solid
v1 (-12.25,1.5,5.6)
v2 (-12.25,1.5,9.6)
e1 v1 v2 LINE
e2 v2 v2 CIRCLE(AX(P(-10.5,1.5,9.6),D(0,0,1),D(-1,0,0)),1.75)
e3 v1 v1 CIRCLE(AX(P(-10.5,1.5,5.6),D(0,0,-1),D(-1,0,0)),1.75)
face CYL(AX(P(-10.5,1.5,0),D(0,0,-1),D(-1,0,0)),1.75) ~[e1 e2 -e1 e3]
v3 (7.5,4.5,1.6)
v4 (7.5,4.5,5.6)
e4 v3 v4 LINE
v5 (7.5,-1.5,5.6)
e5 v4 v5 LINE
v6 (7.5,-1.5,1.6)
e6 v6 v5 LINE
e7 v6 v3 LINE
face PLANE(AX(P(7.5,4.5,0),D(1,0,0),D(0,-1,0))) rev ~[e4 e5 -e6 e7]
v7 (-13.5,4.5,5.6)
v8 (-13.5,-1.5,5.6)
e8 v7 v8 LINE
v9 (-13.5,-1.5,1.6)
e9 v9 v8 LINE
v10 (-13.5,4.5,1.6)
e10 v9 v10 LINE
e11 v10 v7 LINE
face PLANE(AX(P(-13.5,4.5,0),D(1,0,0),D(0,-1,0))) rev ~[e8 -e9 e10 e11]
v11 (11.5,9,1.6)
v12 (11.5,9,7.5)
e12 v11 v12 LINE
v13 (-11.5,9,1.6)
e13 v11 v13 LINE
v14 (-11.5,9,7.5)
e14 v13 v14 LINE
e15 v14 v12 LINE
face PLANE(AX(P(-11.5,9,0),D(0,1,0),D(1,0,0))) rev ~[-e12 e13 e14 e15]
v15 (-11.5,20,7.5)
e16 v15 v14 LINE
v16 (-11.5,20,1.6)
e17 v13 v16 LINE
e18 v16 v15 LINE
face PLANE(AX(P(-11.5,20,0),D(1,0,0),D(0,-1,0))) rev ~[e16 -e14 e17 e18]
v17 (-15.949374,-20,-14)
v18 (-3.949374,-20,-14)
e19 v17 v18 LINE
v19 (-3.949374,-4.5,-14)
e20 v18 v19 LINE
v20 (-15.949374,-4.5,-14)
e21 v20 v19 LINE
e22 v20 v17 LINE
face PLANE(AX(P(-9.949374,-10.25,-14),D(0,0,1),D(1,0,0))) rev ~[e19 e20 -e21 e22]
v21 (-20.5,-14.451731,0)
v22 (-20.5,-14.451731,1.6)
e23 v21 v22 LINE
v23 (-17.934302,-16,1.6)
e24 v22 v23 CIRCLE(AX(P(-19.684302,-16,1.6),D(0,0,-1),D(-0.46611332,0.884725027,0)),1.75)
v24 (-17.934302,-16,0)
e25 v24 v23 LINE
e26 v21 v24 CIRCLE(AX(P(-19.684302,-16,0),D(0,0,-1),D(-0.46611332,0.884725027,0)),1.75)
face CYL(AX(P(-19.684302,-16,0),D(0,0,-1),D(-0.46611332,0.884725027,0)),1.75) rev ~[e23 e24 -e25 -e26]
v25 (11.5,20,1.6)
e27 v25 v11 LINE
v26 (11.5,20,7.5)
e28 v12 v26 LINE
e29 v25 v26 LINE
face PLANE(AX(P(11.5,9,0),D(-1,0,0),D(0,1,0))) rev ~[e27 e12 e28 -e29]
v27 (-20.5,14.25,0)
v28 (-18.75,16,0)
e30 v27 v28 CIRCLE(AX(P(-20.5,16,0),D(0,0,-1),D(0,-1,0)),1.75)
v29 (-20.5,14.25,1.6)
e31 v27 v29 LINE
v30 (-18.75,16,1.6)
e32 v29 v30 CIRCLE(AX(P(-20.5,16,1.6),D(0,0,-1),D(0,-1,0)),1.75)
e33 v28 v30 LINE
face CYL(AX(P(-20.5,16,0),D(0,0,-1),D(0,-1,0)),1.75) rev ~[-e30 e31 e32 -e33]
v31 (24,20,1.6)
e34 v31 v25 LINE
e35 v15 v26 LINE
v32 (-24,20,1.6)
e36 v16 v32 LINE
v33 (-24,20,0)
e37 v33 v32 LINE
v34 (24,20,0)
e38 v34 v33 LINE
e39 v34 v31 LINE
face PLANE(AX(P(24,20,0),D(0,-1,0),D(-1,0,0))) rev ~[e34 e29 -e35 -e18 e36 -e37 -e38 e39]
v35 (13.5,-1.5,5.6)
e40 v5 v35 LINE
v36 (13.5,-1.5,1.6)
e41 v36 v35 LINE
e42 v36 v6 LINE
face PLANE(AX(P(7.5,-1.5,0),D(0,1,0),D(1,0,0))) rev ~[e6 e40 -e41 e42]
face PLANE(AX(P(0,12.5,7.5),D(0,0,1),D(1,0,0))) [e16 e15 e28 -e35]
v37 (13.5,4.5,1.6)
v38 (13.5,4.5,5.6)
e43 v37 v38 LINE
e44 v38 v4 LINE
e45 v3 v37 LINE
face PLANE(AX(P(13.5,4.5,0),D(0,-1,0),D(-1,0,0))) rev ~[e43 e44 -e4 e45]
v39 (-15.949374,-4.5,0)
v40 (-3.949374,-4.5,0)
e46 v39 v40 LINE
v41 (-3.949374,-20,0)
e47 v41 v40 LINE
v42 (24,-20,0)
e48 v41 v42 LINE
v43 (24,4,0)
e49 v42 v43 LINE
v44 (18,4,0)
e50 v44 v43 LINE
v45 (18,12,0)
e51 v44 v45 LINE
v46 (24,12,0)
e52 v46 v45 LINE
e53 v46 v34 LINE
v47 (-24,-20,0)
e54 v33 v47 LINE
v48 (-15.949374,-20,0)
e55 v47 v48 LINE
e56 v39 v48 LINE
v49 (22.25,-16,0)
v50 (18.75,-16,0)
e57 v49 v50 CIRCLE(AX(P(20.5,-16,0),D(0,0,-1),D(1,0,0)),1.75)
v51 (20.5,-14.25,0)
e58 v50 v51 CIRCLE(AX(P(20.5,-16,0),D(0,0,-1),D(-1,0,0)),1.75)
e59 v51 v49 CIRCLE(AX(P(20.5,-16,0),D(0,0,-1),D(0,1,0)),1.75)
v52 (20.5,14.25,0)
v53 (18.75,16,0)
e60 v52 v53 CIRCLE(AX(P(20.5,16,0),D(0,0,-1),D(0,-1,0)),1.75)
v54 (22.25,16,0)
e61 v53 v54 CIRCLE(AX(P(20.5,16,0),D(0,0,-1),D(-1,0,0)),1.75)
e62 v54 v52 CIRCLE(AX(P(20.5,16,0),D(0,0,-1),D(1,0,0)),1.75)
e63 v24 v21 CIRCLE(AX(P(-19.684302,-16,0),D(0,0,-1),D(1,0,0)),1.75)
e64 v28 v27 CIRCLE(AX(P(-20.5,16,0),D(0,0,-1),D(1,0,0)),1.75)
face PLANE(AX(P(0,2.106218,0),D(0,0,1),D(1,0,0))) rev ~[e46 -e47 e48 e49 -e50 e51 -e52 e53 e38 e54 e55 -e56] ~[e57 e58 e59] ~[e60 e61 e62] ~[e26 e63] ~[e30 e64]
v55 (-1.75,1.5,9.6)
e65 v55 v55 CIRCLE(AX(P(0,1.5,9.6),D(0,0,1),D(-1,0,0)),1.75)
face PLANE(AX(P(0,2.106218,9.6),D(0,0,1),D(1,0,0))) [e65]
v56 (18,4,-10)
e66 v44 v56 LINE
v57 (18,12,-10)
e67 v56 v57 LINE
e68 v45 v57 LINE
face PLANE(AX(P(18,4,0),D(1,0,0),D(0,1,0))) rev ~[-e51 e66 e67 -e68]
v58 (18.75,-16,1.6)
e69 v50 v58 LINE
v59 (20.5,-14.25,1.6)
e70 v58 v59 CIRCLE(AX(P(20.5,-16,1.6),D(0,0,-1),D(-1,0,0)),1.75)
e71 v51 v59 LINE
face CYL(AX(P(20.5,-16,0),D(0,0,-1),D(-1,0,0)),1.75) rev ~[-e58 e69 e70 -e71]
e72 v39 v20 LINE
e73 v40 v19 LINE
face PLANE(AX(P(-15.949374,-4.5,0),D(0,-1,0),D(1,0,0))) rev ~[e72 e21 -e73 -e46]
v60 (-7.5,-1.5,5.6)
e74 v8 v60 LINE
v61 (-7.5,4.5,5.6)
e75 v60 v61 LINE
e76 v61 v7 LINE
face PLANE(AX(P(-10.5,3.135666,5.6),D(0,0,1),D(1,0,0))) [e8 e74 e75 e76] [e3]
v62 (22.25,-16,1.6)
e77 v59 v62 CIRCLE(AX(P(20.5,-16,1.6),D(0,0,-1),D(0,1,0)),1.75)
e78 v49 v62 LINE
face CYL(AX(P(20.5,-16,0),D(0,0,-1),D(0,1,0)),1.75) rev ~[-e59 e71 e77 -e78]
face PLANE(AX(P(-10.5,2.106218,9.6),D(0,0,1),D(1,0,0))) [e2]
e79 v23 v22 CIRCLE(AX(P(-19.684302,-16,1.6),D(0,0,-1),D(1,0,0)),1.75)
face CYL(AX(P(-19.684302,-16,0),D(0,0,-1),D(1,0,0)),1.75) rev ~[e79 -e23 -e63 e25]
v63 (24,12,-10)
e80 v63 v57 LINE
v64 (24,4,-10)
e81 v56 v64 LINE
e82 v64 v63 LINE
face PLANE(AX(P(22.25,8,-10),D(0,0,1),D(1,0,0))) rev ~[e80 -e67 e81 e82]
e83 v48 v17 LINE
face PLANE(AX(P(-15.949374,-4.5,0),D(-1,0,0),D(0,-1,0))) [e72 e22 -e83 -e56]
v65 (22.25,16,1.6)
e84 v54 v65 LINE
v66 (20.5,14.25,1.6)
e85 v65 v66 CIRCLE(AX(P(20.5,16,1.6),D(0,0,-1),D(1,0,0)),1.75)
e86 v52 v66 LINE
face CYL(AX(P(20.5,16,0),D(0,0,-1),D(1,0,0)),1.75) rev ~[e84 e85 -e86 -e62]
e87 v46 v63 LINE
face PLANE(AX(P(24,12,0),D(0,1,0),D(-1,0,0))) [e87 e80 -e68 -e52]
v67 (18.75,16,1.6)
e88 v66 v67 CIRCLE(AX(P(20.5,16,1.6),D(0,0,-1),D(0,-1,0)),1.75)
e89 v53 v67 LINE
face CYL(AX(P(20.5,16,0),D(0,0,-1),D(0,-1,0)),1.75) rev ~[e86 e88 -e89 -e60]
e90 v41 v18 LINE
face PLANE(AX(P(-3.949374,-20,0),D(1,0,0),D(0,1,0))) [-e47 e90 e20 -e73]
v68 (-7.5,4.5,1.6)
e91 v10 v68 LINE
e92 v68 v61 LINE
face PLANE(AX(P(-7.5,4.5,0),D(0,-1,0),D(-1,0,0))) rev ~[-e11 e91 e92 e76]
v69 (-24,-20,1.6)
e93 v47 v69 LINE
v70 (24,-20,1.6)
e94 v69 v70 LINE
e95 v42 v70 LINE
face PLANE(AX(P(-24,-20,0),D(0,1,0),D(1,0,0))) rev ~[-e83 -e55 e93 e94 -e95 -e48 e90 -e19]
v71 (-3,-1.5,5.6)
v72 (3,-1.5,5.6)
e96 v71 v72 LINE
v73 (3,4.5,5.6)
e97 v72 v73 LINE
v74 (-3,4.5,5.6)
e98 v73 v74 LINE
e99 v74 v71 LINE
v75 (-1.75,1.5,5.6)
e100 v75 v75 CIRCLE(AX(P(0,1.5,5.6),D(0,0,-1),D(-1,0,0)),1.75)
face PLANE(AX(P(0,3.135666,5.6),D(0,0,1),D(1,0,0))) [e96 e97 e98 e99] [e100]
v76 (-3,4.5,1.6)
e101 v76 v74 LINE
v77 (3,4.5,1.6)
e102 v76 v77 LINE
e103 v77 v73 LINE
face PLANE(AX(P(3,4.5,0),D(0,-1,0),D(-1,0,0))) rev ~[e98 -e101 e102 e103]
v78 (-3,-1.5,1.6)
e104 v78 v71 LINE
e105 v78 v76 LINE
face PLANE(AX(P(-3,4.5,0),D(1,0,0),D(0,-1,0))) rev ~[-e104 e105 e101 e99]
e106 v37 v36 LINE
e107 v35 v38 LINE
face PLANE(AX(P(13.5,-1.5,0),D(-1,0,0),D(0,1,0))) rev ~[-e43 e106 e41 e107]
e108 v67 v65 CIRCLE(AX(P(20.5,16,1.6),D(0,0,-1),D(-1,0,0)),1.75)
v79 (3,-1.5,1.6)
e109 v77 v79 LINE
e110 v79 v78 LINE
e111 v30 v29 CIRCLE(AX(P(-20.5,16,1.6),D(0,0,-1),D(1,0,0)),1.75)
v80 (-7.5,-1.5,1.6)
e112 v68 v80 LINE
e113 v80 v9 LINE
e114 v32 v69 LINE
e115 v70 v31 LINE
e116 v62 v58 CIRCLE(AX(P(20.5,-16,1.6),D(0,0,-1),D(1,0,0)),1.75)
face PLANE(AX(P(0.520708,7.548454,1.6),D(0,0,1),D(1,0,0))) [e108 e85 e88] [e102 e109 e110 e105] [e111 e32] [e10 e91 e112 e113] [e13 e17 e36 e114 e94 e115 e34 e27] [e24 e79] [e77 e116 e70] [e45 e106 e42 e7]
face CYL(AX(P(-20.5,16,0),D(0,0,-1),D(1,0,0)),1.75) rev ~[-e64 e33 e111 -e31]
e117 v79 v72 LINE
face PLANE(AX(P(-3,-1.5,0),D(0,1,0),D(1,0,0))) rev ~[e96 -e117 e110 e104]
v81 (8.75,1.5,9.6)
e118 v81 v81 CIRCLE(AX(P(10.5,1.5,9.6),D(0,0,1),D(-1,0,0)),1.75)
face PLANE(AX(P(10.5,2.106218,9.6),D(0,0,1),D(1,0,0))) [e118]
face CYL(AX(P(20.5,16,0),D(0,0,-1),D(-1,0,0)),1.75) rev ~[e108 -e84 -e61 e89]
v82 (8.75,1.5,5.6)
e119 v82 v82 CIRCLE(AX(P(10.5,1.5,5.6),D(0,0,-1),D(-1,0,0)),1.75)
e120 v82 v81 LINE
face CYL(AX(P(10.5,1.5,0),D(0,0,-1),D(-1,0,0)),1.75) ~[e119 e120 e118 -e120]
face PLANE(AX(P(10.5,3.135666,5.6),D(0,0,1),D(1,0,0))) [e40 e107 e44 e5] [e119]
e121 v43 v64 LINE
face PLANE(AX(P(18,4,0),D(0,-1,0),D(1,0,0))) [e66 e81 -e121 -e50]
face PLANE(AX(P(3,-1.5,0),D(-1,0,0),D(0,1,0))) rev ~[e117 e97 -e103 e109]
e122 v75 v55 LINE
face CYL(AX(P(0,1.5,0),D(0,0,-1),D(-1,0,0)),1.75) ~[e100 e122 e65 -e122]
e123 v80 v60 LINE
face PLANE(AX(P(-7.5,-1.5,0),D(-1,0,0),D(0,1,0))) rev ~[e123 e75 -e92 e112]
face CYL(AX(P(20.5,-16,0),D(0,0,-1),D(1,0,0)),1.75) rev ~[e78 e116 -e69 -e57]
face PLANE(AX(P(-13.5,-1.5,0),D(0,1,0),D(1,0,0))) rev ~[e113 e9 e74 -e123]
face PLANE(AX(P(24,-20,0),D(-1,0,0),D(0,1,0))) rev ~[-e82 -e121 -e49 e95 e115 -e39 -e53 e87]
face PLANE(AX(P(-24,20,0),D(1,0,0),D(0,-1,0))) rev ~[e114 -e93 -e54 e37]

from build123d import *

# Parameters (mm, degrees)
F0_W     = 12
F0_H     = 11.5
F0_H_2   = 4
F0_W_2   = 3.5
F0_H_3   = 8
F0_H_4   = 2.5
F0_W_3   = 2.5
F1_DEPTH = 1.6
F0_W_4   = 23
F0_H_5   = 7
F2_DEPTH = 7.5
F3_DEPTH = 5.6
F4_DEPTH = 9.6
F5_DEPTH = 14
F6_DEPTH = 10


with BuildPart() as f1:
    # F0 (on Top) → F1 (new body)
    with BuildSketch(Plane.XY):
        with BuildLine():
            Line((-11.5, 16), (-18.75, 16))
            ThreePointArc((-18.75, 16), (-19.2625631329, 14.7625631329), (-20.5, 14.25))
            Line((-20.5, 14.25), (-20.5, 1.5))
            Line((-20.5, 1.5), (-13.5, 1.5))
            Line((-13.5, 1.5), (-13.5, 4.5))
            Line((-13.5, 4.5), (-7.5, 4.5))
            Line((-7.5, 4.5), (-7.5, 1.5))
            Line((-7.5, 1.5), (-3, 1.5))
            Line((-3, 1.5), (-3, 4.5))
            Line((-3, 4.5), (3, 4.5))
            Line((3, 4.5), (3, 1.5))
            Line((3, 1.5), (7.5, 1.5))
            Line((7.5, 1.5), (7.5, 4.5))
            Line((7.5, 4.5), (13.5, 4.5))
            Line((13.5, 4.5), (13.5, 1.5))
            Line((13.5, 1.5), (20.5, 1.5))
            Line((20.5, 1.5), (20.5, 4))
            Line((20.5, 4), (18, 4))
            Line((18, 4), (18, 12))
            Line((18, 12), (20.5, 12))
            Line((20.5, 12), (20.5, 14.25))
            ThreePointArc((20.5, 14.25), (19.2625631329, 14.7625631329), (18.75, 16))
            Line((18.75, 16), (11.5, 16))
            Line((11.5, 16), (11.5, 9))
            Line((11.5, 9), (-11.5, 9))
            Line((-11.5, 9), (-11.5, 16))
        make_face()
        with BuildLine():
            ThreePointArc((-20.5, 14.25), (-21.7374368671, 17.2374368671), (-18.75, 16))
            Line((-18.75, 16), (-11.5, 16))
            Line((-11.5, 16), (-11.5, 20))
            Line((-11.5, 20), (-24, 20))
            Line((-24, 20), (-24, 1.5))
            Line((-24, 1.5), (-20.5, 1.5))
            Line((-20.5, 1.5), (-20.5, 14.25))
        make_face()
        with BuildLine():
            Line((11.5, 20), (11.5, 16))
            Line((11.5, 16), (18.75, 16))
            ThreePointArc((18.75, 16), (20.5, 17.75), (22.25, 16))
            ThreePointArc((22.25, 16), (21.7374368671, 14.7625631329), (20.5, 14.25))
            Line((20.5, 14.25), (20.5, 12))
            Line((20.5, 12), (24, 12))
            Line((24, 12), (24, 20))
            Line((24, 20), (11.5, 20))
        make_face()
        with BuildLine():
            Line((-13.5, 1.5), (-20.5, 1.5))
            Line((-20.5, 1.5), (-20.5, -14.4517312036))
            ThreePointArc((-20.5, -14.4517312036), (-18.7801368934, -14.5016722582), (-17.9343016893, -16))
            Line((-17.9343016893, -16), (-15.9493740648, -16))
            Line((-15.9493740648, -16), (-15.9493740648, -4.5))
            Line((-15.9493740648, -4.5), (-3.9493740648, -4.5))
            Line((-3.9493740648, -4.5), (-3.9493740648, -16))
            Line((-3.9493740648, -16), (18.75, -16))
            ThreePointArc((18.75, -16), (19.2625631329, -14.7625631329), (20.5, -14.25))
            Line((20.5, -14.25), (20.5, 1.5))
            Line((20.5, 1.5), (13.5, 1.5))
            Line((13.5, 1.5), (13.5, -1.5))
            Line((13.5, -1.5), (7.5, -1.5))
            Line((7.5, -1.5), (7.5, 1.5))
            Line((7.5, 1.5), (3, 1.5))
            Line((3, 1.5), (3, -1.5))
            Line((3, -1.5), (-3, -1.5))
            Line((-3, -1.5), (-3, 1.5))
            Line((-3, 1.5), (-7.5, 1.5))
            Line((-7.5, 1.5), (-7.5, -1.5))
            Line((-7.5, -1.5), (-13.5, -1.5))
            Line((-13.5, -1.5), (-13.5, 1.5))
        make_face()
        with BuildLine():
            Line((-20.5, -14.4517312036), (-20.5, 1.5))
            Line((-20.5, 1.5), (-24, 1.5))
            Line((-24, 1.5), (-24, -20))
            Line((-24, -20), (-15.9493740648, -20))
            Line((-15.9493740648, -20), (-15.9493740648, -16))
            Line((-15.9493740648, -16), (-17.9343016893, -16))
            ThreePointArc((-17.9343016893, -16), (-20.5884664851, -17.4983277418), (-20.5, -14.4517312036))
        make_face()
        with BuildLine():
            Line((18.75, -16), (-3.9493740648, -16))
            Line((-3.9493740648, -16), (-3.9493740648, -20))
            Line((-3.9493740648, -20), (24, -20))
            Line((24, -20), (24, 1.5))
            Line((24, 1.5), (20.5, 1.5))
            Line((20.5, 1.5), (20.5, -14.25))
            ThreePointArc((20.5, -14.25), (21.7374368671, -14.7625631329), (22.25, -16))
            ThreePointArc((22.25, -16), (20.5, -17.75), (18.75, -16))
        make_face()
        with Locations((-9.9493740648, -10.25)):
            Rectangle(F0_W, F0_H)
        with Locations((-9.9493740648, -18)):
            Rectangle(F0_W, F0_H_2)
        with Locations((22.25, 8)):
            Rectangle(F0_W_2, F0_H_3)
        with Locations((22.25, 2.75)):
            Rectangle(F0_W_2, F0_H_4)
        with Locations((19.25, 8)):
            Rectangle(F0_W_3, F0_H_3)
        with BuildLine():
            Line((-13.5, 4.5), (-13.5, 1.5))
            Line((-13.5, 1.5), (-12.25, 1.5))
            ThreePointArc((-12.25, 1.5), (-10.5, 3.25), (-8.75, 1.5))
            Line((-8.75, 1.5), (-7.5, 1.5))
            Line((-7.5, 1.5), (-7.5, 4.5))
            Line((-7.5, 4.5), (-13.5, 4.5))
        make_face()
        with BuildLine():
            Line((-3, 4.5), (-3, 1.5))
            Line((-3, 1.5), (-1.75, 1.5))
            ThreePointArc((-1.75, 1.5), (0, 3.25), (1.75, 1.5))
            Line((1.75, 1.5), (3, 1.5))
            Line((3, 1.5), (3, 4.5))
            Line((3, 4.5), (-3, 4.5))
        make_face()
        with BuildLine():
            Line((12.25, 1.5), (13.5, 1.5))
            Line((13.5, 1.5), (13.5, 4.5))
            Line((13.5, 4.5), (7.5, 4.5))
            Line((7.5, 4.5), (7.5, 1.5))
            Line((7.5, 1.5), (8.75, 1.5))
            ThreePointArc((8.75, 1.5), (10.5, 3.25), (12.25, 1.5))
        make_face()
        with BuildLine():
            ThreePointArc((-8.75, 1.5), (-10.5, 3.25), (-12.25, 1.5))
            Line((-12.25, 1.5), (-8.75, 1.5))
        make_face()
        with BuildLine():
            Line((-8.75, 1.5), (-12.25, 1.5))
            ThreePointArc((-12.25, 1.5), (-10.5, -0.25), (-8.75, 1.5))
        make_face()
        with BuildLine():
            Line((-12.25, 1.5), (-13.5, 1.5))
            Line((-13.5, 1.5), (-13.5, -1.5))
            Line((-13.5, -1.5), (-7.5, -1.5))
            Line((-7.5, -1.5), (-7.5, 1.5))
            Line((-7.5, 1.5), (-8.75, 1.5))
            ThreePointArc((-8.75, 1.5), (-10.5, -0.25), (-12.25, 1.5))
        make_face()
        with BuildLine():
            Line((-1.75, 1.5), (-3, 1.5))
            Line((-3, 1.5), (-3, -1.5))
            Line((-3, -1.5), (3, -1.5))
            Line((3, -1.5), (3, 1.5))
            Line((3, 1.5), (1.75, 1.5))
            ThreePointArc((1.75, 1.5), (0, -0.25), (-1.75, 1.5))
        make_face()
        with BuildLine():
            Line((1.75, 1.5), (-1.75, 1.5))
            ThreePointArc((-1.75, 1.5), (0, -0.25), (1.75, 1.5))
        make_face()
        with BuildLine():
            ThreePointArc((1.75, 1.5), (0, 3.25), (-1.75, 1.5))
            Line((-1.75, 1.5), (1.75, 1.5))
        make_face()
        with BuildLine():
            Line((8.75, 1.5), (12.25, 1.5))
            ThreePointArc((12.25, 1.5), (10.5, 3.25), (8.75, 1.5))
        make_face()
        with BuildLine():
            ThreePointArc((8.75, 1.5), (10.5, -0.25), (12.25, 1.5))
            Line((12.25, 1.5), (8.75, 1.5))
        make_face()
        with BuildLine():
            Line((13.5, -1.5), (13.5, 1.5))
            Line((13.5, 1.5), (12.25, 1.5))
            ThreePointArc((12.25, 1.5), (10.5, -0.25), (8.75, 1.5))
            Line((8.75, 1.5), (7.5, 1.5))
            Line((7.5, 1.5), (7.5, -1.5))
            Line((7.5, -1.5), (13.5, -1.5))
        make_face()
    extrude(amount=F1_DEPTH)

    # F0 (on Top) → F2 (join)
    with BuildSketch(Plane.XY):
        with Locations((0, 12.5)):
            Rectangle(F0_W_4, F0_H_5)
        with Locations((0, 18)):
            Rectangle(F0_W_4, F0_H_2)
    extrude(amount=F2_DEPTH)

    # F0 (on Top) → F3 (join)
    with BuildSketch(Plane.XY):
        with BuildLine():
            Line((-13.5, 4.5), (-13.5, 1.5))
            Line((-13.5, 1.5), (-12.25, 1.5))
            ThreePointArc((-12.25, 1.5), (-10.5, 3.25), (-8.75, 1.5))
            Line((-8.75, 1.5), (-7.5, 1.5))
            Line((-7.5, 1.5), (-7.5, 4.5))
            Line((-7.5, 4.5), (-13.5, 4.5))
        make_face()
        with BuildLine():
            Line((-12.25, 1.5), (-13.5, 1.5))
            Line((-13.5, 1.5), (-13.5, -1.5))
            Line((-13.5, -1.5), (-7.5, -1.5))
            Line((-7.5, -1.5), (-7.5, 1.5))
            Line((-7.5, 1.5), (-8.75, 1.5))
            ThreePointArc((-8.75, 1.5), (-10.5, -0.25), (-12.25, 1.5))
        make_face()
        with BuildLine():
            Line((-3, 4.5), (-3, 1.5))
            Line((-3, 1.5), (-1.75, 1.5))
            ThreePointArc((-1.75, 1.5), (0, 3.25), (1.75, 1.5))
            Line((1.75, 1.5), (3, 1.5))
            Line((3, 1.5), (3, 4.5))
            Line((3, 4.5), (-3, 4.5))
        make_face()
        with BuildLine():
            Line((-1.75, 1.5), (-3, 1.5))
            Line((-3, 1.5), (-3, -1.5))
            Line((-3, -1.5), (3, -1.5))
            Line((3, -1.5), (3, 1.5))
            Line((3, 1.5), (1.75, 1.5))
            ThreePointArc((1.75, 1.5), (0, -0.25), (-1.75, 1.5))
        make_face()
        with BuildLine():
            Line((12.25, 1.5), (13.5, 1.5))
            Line((13.5, 1.5), (13.5, 4.5))
            Line((13.5, 4.5), (7.5, 4.5))
            Line((7.5, 4.5), (7.5, 1.5))
            Line((7.5, 1.5), (8.75, 1.5))
            ThreePointArc((8.75, 1.5), (10.5, 3.25), (12.25, 1.5))
        make_face()
        with BuildLine():
            Line((13.5, -1.5), (13.5, 1.5))
            Line((13.5, 1.5), (12.25, 1.5))
            ThreePointArc((12.25, 1.5), (10.5, -0.25), (8.75, 1.5))
            Line((8.75, 1.5), (7.5, 1.5))
            Line((7.5, 1.5), (7.5, -1.5))
            Line((7.5, -1.5), (13.5, -1.5))
        make_face()
    extrude(amount=F3_DEPTH)

    # F0 (on Top) → F4 (join)
    with BuildSketch(Plane.XY):
        with BuildLine():
            ThreePointArc((1.75, 1.5), (0, 3.25), (-1.75, 1.5))
            Line((-1.75, 1.5), (1.75, 1.5))
        make_face()
        with BuildLine():
            Line((1.75, 1.5), (-1.75, 1.5))
            ThreePointArc((-1.75, 1.5), (0, -0.25), (1.75, 1.5))
        make_face()
        with BuildLine():
            ThreePointArc((-8.75, 1.5), (-10.5, 3.25), (-12.25, 1.5))
            Line((-12.25, 1.5), (-8.75, 1.5))
        make_face()
        with BuildLine():
            Line((-8.75, 1.5), (-12.25, 1.5))
            ThreePointArc((-12.25, 1.5), (-10.5, -0.25), (-8.75, 1.5))
        make_face()
        with BuildLine():
            Line((8.75, 1.5), (12.25, 1.5))
            ThreePointArc((12.25, 1.5), (10.5, 3.25), (8.75, 1.5))
        make_face()
        with BuildLine():
            ThreePointArc((8.75, 1.5), (10.5, -0.25), (12.25, 1.5))
            Line((12.25, 1.5), (8.75, 1.5))
        make_face()
    extrude(amount=F4_DEPTH)

    # F0 (on Top) → F5 (join)
    with BuildSketch(Plane.XY):
        with Locations((-9.9493740648, -10.25)):
            Rectangle(F0_W, F0_H)
        with Locations((-9.9493740648, -18)):
            Rectangle(F0_W, F0_H_2)
    extrude(amount=-F5_DEPTH)

    # F0 (on Top) → F6 (join)
    with BuildSketch(Plane.XY):
        with Locations((22.25, 8)):
            Rectangle(F0_W_2, F0_H_3)
        with Locations((19.25, 8)):
            Rectangle(F0_W_3, F0_H_3)
    extrude(amount=-F6_DEPTH)


solid = f1.part
